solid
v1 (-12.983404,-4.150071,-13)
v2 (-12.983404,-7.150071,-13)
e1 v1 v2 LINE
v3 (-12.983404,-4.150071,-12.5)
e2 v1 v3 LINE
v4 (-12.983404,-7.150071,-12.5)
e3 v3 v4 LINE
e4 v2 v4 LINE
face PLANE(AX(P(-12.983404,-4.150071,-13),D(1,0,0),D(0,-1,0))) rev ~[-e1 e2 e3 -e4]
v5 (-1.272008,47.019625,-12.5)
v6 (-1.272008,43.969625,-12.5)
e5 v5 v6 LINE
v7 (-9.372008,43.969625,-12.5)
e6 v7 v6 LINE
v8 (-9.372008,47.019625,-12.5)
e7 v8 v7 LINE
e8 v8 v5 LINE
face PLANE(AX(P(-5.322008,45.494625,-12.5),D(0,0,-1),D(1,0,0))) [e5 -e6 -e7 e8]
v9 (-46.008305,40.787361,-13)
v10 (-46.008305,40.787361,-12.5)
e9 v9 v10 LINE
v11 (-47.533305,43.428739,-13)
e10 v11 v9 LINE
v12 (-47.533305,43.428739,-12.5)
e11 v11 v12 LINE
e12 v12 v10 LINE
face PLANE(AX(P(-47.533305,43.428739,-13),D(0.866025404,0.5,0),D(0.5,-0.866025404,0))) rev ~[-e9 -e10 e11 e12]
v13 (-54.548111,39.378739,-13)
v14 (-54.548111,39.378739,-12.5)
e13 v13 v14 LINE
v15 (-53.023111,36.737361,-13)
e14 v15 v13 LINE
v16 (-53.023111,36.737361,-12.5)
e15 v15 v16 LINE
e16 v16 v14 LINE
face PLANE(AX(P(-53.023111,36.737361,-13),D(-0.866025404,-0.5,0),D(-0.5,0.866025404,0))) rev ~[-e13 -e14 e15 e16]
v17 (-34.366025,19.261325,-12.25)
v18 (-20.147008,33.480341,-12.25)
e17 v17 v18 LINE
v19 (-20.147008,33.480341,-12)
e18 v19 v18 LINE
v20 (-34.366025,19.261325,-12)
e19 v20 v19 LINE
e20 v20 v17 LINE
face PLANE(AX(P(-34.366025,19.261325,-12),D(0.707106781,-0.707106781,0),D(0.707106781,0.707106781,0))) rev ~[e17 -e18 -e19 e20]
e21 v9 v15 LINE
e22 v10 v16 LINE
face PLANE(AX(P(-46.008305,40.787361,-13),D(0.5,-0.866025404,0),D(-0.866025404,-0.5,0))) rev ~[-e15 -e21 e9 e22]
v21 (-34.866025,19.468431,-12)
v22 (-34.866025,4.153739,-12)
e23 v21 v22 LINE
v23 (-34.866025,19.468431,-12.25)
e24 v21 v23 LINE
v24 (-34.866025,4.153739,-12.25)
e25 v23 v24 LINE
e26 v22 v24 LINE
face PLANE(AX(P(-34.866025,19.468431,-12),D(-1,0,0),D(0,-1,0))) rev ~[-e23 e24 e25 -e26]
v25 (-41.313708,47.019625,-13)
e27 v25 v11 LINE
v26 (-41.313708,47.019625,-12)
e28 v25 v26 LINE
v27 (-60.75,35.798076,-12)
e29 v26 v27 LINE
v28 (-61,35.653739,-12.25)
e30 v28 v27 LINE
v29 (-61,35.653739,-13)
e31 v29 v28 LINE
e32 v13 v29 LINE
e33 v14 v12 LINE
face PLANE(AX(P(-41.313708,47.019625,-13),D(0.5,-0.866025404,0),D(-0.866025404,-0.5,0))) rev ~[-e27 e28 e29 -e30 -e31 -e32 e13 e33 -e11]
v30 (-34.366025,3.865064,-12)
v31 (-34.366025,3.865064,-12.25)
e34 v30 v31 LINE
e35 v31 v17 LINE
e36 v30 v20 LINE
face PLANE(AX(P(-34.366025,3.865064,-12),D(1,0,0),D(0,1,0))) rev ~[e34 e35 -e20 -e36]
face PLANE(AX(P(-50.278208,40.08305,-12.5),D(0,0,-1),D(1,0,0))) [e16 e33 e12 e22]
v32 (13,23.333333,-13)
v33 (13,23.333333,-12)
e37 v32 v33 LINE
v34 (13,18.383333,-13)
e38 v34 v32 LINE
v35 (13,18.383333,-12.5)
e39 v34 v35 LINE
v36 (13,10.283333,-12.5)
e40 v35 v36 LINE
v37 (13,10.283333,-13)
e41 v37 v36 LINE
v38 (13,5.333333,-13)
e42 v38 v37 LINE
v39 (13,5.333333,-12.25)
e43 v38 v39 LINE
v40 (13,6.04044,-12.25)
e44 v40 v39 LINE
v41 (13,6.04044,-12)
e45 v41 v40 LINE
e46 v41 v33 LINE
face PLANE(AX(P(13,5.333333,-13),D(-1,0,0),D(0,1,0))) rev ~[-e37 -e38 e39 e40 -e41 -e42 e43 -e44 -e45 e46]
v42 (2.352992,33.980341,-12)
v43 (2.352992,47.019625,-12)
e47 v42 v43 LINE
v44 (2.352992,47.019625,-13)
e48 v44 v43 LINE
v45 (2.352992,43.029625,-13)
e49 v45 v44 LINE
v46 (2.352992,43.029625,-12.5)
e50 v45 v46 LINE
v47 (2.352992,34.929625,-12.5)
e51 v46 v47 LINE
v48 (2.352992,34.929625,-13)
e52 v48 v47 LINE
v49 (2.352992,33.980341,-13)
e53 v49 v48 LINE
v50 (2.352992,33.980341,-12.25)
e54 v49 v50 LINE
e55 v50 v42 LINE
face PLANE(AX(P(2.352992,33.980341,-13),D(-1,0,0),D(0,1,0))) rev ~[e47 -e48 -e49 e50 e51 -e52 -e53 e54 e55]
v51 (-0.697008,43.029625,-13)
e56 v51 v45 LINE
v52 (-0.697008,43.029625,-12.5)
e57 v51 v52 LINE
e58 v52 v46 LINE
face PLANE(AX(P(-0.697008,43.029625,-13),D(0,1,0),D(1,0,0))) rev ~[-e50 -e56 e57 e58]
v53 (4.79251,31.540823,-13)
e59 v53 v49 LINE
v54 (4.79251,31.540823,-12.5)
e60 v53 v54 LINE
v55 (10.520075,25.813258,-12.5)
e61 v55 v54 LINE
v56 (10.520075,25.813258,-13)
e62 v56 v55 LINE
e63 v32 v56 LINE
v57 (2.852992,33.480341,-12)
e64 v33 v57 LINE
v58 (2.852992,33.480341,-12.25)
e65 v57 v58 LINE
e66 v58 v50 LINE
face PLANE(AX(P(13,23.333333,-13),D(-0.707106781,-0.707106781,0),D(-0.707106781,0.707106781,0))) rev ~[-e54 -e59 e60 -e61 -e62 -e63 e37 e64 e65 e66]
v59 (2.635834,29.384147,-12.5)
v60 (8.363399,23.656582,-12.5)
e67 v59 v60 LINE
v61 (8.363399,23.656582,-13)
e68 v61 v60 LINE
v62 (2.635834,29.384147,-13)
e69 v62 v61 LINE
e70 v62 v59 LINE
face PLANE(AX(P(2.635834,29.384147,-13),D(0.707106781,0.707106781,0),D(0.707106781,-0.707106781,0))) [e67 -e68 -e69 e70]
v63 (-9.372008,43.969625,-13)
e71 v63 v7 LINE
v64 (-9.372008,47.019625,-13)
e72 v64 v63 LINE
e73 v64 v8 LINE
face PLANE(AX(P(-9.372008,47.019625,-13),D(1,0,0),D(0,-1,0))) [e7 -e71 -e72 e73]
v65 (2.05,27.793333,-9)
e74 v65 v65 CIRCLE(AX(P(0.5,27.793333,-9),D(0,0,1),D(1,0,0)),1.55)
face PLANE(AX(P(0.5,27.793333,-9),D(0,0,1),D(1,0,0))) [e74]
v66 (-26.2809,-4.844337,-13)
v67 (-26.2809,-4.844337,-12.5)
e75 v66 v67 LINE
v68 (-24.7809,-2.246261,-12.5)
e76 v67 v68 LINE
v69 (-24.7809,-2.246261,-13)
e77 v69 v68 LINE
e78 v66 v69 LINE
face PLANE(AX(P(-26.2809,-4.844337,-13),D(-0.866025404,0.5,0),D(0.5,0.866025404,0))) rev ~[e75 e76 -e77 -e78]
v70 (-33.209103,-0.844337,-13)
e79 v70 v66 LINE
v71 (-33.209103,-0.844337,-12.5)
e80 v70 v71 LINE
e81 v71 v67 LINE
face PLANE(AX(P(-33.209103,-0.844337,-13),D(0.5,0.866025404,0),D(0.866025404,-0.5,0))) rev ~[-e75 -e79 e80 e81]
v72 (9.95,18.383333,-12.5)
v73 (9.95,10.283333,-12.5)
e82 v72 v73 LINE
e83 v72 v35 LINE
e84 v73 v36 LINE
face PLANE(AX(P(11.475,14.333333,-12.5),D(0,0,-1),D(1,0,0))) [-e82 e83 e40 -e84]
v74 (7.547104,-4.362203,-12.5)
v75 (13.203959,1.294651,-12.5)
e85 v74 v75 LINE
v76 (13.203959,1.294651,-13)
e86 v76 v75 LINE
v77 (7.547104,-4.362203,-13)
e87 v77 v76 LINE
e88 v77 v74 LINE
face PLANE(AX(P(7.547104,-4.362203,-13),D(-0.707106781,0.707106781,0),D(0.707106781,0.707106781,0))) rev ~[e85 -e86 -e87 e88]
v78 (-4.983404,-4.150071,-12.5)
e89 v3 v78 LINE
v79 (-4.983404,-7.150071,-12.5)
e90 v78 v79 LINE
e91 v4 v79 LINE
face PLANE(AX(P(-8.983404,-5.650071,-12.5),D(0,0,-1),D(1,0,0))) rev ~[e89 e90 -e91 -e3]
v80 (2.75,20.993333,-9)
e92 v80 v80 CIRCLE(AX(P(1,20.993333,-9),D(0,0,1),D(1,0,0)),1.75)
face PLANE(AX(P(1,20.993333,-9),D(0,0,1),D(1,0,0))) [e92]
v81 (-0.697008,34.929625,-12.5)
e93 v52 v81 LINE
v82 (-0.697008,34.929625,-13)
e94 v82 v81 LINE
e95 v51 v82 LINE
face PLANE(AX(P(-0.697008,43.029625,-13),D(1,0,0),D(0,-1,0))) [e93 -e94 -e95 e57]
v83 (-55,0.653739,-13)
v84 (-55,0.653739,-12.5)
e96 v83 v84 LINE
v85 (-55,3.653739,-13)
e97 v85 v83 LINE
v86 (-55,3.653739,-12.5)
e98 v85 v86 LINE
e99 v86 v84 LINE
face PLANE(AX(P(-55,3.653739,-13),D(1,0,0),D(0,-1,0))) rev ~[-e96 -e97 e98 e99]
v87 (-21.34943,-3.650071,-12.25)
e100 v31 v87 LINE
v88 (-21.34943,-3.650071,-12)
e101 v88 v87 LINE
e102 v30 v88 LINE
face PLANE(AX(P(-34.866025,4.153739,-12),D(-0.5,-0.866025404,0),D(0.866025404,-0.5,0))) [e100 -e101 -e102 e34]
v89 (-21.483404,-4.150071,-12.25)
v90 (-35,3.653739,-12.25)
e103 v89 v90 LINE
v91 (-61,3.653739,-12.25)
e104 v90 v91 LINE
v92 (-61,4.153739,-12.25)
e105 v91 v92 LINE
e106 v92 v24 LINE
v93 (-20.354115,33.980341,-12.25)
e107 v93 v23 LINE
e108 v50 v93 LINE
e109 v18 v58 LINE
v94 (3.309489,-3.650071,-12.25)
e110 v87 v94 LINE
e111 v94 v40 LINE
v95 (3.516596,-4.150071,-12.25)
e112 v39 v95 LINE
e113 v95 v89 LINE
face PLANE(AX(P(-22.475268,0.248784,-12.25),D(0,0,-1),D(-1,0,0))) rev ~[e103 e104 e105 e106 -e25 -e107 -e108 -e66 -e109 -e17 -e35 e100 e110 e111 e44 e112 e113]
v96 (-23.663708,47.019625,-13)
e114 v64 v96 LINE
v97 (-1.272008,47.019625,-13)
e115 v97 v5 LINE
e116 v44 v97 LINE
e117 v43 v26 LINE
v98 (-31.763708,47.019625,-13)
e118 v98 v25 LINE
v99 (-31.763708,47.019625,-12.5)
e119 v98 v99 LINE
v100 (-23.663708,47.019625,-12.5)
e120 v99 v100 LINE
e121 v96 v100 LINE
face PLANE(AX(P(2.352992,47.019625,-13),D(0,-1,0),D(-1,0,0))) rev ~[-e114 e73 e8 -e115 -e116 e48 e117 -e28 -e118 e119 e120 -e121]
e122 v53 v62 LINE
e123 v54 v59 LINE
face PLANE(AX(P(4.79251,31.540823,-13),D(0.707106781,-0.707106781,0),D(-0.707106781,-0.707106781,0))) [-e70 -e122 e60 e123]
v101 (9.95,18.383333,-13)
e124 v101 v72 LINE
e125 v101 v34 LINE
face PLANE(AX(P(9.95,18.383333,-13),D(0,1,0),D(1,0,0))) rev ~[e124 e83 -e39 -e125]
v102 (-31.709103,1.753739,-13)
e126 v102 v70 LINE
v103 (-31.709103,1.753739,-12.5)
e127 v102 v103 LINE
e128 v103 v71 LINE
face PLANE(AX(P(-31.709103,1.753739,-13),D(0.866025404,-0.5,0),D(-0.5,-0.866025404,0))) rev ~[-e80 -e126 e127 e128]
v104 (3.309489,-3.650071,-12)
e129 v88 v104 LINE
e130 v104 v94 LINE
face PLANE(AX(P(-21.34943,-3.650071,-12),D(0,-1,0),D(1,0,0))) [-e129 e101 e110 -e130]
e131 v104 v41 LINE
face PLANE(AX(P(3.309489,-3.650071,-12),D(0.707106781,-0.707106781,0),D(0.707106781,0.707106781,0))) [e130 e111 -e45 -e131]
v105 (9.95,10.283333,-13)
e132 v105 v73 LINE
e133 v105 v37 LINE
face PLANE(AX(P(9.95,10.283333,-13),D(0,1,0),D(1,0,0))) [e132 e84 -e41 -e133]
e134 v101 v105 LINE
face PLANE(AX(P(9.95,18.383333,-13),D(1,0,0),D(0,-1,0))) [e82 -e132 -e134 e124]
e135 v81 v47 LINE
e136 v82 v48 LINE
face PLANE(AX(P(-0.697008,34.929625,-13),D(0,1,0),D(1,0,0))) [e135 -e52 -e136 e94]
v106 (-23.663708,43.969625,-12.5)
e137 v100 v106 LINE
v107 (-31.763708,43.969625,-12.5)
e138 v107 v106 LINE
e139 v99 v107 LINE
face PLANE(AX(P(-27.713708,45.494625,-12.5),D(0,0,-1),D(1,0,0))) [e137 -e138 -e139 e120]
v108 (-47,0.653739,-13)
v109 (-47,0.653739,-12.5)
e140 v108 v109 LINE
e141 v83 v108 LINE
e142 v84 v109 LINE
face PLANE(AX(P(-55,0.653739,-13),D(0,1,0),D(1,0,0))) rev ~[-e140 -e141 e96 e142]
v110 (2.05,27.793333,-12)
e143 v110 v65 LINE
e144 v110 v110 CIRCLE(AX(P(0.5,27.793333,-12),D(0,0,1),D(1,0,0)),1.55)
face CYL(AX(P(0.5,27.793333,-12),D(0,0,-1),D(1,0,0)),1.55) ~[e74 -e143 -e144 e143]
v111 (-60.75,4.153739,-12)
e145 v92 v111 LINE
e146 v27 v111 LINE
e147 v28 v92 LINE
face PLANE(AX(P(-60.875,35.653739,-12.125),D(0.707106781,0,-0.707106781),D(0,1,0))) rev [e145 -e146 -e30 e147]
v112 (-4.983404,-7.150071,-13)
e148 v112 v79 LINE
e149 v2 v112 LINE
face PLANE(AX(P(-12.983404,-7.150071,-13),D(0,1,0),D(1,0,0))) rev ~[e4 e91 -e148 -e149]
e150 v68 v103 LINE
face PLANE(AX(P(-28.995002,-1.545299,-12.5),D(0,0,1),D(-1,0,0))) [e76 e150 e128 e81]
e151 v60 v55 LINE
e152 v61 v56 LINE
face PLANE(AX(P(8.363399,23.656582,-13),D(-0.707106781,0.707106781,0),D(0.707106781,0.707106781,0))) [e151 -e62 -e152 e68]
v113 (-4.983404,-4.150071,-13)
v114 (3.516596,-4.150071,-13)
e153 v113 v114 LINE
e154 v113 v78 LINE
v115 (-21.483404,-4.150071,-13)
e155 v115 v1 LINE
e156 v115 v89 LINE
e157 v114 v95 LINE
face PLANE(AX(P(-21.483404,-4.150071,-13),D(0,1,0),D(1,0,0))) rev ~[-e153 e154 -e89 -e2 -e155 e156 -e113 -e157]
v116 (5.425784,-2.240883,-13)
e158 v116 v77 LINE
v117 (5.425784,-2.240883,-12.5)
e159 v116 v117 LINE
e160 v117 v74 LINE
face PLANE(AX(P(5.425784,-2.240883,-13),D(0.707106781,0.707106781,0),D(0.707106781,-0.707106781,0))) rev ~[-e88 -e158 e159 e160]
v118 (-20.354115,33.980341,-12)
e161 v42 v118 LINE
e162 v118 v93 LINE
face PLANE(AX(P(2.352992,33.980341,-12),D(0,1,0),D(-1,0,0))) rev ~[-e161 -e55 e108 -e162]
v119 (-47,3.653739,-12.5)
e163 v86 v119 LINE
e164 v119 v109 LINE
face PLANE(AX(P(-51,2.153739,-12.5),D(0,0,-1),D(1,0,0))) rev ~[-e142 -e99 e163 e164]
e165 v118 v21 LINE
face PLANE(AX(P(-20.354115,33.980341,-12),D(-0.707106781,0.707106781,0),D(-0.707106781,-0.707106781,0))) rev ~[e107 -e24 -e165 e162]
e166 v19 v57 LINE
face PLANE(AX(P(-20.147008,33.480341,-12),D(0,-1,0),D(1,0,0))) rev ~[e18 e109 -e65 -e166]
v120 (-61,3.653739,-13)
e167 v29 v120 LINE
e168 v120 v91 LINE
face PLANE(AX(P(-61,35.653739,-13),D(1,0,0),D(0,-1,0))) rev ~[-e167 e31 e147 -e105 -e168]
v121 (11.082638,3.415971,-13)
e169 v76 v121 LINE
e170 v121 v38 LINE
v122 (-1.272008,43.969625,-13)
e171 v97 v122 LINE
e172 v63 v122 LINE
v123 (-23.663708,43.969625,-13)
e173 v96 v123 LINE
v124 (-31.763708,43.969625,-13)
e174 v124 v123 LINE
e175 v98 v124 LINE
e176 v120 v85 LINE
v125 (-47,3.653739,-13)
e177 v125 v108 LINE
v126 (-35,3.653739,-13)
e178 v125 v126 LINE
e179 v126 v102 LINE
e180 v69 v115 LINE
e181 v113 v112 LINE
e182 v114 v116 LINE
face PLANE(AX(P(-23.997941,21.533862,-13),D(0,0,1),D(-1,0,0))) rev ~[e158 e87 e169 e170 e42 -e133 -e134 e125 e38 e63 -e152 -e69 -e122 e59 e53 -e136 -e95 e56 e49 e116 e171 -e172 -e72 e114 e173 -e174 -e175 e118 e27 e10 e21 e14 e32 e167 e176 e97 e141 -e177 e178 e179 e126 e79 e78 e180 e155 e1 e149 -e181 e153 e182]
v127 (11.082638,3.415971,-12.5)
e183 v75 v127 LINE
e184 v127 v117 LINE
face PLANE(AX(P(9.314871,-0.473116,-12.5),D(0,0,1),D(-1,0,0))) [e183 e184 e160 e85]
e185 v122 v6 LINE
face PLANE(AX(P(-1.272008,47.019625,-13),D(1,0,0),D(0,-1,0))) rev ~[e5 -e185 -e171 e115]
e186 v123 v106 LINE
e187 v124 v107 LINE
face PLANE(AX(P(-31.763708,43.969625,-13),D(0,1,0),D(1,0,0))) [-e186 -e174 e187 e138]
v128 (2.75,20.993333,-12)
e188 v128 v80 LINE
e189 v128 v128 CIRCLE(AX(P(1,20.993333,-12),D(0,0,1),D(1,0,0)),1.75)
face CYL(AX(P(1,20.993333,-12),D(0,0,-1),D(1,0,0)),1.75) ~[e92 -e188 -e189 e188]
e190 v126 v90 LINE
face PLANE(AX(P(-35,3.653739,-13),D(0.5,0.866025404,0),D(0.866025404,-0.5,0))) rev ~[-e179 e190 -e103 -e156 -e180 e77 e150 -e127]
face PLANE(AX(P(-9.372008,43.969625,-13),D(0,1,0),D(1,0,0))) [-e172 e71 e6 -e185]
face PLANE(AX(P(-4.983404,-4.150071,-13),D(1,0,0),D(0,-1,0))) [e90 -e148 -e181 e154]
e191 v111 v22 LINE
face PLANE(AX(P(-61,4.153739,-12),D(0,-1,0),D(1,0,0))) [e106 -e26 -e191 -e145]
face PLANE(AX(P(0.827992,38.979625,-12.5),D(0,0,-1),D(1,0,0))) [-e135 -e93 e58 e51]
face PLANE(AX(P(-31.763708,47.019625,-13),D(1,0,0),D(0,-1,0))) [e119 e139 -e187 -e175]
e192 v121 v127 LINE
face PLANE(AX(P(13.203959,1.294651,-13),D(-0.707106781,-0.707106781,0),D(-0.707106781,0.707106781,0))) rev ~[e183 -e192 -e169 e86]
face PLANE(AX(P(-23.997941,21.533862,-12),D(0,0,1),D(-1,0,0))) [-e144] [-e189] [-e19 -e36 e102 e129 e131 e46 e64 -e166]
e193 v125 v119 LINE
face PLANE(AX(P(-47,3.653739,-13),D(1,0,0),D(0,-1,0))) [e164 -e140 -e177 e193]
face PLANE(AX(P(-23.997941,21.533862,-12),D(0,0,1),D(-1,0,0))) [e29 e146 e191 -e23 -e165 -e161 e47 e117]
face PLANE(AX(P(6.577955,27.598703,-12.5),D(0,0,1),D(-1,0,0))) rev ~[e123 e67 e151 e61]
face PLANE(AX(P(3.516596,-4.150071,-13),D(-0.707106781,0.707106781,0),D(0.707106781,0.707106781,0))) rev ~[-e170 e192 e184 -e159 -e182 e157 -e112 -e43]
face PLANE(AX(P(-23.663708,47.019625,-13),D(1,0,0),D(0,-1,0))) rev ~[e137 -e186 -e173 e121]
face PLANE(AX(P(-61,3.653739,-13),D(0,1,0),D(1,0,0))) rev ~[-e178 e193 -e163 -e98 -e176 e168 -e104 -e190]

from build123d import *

# Parameters (mm, degrees)
PAD027_DEPTH    = 1
SKETCH043_W     = 3.05
SKETCH043_H     = 8.1
SKETCH043_W_2   = 8.1
SKETCH043_H_2   = 3.05
POCKET016_DEPTH = 0.5
POCKET017_DEPTH = 0.25
POCKET018_DEPTH = 0.25
CHAMFER007_SIZE = 0.25
SKETCH046_W     = 8
SKETCH046_H     = 3
PAD028_DEPTH    = 0.5
SKETCH047_R     = 1.55
SKETCH047_R_2   = 1.75
PAD029_DEPTH    = 3


with BuildPart() as part:
    # Sketch042 (on Face1 of Binder013) → Pad027 (new body)
    with BuildSketch(Plane(origin=(0, 0, -13), x_dir=(1, 0, 0), z_dir=(0, 0, -1))):
        Polygon((13, -5.333333), (13, -23.333333), (2.352991501, -33.980341499), (2.352991501, -47.019624501), (-41.313708499, -47.019624501), (-61, -35.6537388036), (-61, -3.6537388036), (-35, -3.6537388036), (-21.4834043405, 4.1500713405), (3.5165956595, 4.1500713405), align=None)
    extrude(amount=-PAD027_DEPTH)

    # Sketch043 (on Face11 of Pad027) → Pocket016 (cut)
    with BuildSketch(Plane(origin=(0, 0, -13), x_dir=(1, 0, 0), z_dir=(0, 0, -1))):
        with Locations((11.475, -14.333333)):
            Rectangle(SKETCH043_W, SKETCH043_H)
        with Locations((0.827991501, -38.979624501)):
            Rectangle(SKETCH043_W, SKETCH043_H)
        with Locations((-5.322008499, -45.494624501)):
            Rectangle(SKETCH043_W_2, SKETCH043_H_2)
        with Locations((-27.713708499, -45.494624501)):
            Rectangle(SKETCH043_W_2, SKETCH043_H_2)
        Polygon((-54.5481107418, -39.3787388036), (-47.5333049711, -43.4287388036), (-46.0083049711, -40.787361322), (-53.0231107418, -36.737361322), align=None)
        Polygon((10.5200748237, -25.8132581763), (4.7925098961, -31.5408231039), (2.6358342135, -29.3841474213), (8.3633991411, -23.6565824937), align=None)
    extrude(amount=-POCKET016_DEPTH, mode=Mode.SUBTRACT)

    # Sketch044 (on Face7 of Pocket016) → Pocket017 (cut)
    with BuildSketch(Plane.XY.offset(-12)):
        Polygon((13, 5.333333), (3.5165956595, -4.1500713405), (-21.4834043405, -4.1500713405), (-35, 3.6537388036), (-61, 3.6537388036), (-61, 4.1537388036), (-34.8660254038, 4.1537388036), (-21.3494297442, -3.6500713405), (3.3094888783, -3.6500713405), (13, 6.0404397812), align=None)
    extrude(amount=-POCKET017_DEPTH, mode=Mode.SUBTRACT)

    # Sketch045 (on Face7 of Pocket017) → Pocket018 (cut)
    with BuildSketch(Plane.XY.offset(-12)):
        Polygon((2.352991501, 33.980341499), (-20.3541152802, 33.980341499), (-34.8660254038, 19.4684313754), (-34.8660254038, 4.1537388036), (-34.3660254038, 3.8650636689), (-34.3660254038, 19.2613245942), (-20.147008499, 33.480341499), (2.852991501, 33.480341499), align=None)
    extrude(amount=-POCKET018_DEPTH, mode=Mode.SUBTRACT)

    # Chamfer007
    chamfer007_edges = [part.edges().sort_by_distance(p)[0] for p in [
        (-61, 19.903739, -12),
    ]]
    chamfer(chamfer007_edges, length=CHAMFER007_SIZE)

    # Sketch046 (on Face4 of Chamfer007) → Pad028 (join)
    with BuildSketch(Plane(origin=(0, 0, -13), x_dir=(1, 0, 0), z_dir=(0, 0, -1))):
        with Locations((-51, -2.1537388036)):
            Rectangle(SKETCH046_W, SKETCH046_H)
        with Locations((-8.9834043405, 5.6500713405)):
            Rectangle(SKETCH046_W, SKETCH046_H)
        Polygon((-24.7809002358, 2.2462611973), (-31.7091034658, -1.7537388033), (-33.209103466, 0.8443374079), (-26.2809002361, 4.8443374085), align=None)
        Polygon((11.0826382182, -3.4159712182), (5.4257839687, 2.2408830313), (7.5471043123, 4.3622033748), (13.2039585618, -1.2946508747), align=None)
    extrude(amount=-PAD028_DEPTH)

    # Sketch047 (on Face63 of Pad028) → Pad029 (join)
    with BuildSketch(Plane.XY.offset(-12)):
        with Locations((0.5, 27.793333)):
            Circle(SKETCH047_R)
        with Locations((1, 20.993333)):
            Circle(SKETCH047_R_2)
    extrude(amount=PAD029_DEPTH)


solid = part.part
